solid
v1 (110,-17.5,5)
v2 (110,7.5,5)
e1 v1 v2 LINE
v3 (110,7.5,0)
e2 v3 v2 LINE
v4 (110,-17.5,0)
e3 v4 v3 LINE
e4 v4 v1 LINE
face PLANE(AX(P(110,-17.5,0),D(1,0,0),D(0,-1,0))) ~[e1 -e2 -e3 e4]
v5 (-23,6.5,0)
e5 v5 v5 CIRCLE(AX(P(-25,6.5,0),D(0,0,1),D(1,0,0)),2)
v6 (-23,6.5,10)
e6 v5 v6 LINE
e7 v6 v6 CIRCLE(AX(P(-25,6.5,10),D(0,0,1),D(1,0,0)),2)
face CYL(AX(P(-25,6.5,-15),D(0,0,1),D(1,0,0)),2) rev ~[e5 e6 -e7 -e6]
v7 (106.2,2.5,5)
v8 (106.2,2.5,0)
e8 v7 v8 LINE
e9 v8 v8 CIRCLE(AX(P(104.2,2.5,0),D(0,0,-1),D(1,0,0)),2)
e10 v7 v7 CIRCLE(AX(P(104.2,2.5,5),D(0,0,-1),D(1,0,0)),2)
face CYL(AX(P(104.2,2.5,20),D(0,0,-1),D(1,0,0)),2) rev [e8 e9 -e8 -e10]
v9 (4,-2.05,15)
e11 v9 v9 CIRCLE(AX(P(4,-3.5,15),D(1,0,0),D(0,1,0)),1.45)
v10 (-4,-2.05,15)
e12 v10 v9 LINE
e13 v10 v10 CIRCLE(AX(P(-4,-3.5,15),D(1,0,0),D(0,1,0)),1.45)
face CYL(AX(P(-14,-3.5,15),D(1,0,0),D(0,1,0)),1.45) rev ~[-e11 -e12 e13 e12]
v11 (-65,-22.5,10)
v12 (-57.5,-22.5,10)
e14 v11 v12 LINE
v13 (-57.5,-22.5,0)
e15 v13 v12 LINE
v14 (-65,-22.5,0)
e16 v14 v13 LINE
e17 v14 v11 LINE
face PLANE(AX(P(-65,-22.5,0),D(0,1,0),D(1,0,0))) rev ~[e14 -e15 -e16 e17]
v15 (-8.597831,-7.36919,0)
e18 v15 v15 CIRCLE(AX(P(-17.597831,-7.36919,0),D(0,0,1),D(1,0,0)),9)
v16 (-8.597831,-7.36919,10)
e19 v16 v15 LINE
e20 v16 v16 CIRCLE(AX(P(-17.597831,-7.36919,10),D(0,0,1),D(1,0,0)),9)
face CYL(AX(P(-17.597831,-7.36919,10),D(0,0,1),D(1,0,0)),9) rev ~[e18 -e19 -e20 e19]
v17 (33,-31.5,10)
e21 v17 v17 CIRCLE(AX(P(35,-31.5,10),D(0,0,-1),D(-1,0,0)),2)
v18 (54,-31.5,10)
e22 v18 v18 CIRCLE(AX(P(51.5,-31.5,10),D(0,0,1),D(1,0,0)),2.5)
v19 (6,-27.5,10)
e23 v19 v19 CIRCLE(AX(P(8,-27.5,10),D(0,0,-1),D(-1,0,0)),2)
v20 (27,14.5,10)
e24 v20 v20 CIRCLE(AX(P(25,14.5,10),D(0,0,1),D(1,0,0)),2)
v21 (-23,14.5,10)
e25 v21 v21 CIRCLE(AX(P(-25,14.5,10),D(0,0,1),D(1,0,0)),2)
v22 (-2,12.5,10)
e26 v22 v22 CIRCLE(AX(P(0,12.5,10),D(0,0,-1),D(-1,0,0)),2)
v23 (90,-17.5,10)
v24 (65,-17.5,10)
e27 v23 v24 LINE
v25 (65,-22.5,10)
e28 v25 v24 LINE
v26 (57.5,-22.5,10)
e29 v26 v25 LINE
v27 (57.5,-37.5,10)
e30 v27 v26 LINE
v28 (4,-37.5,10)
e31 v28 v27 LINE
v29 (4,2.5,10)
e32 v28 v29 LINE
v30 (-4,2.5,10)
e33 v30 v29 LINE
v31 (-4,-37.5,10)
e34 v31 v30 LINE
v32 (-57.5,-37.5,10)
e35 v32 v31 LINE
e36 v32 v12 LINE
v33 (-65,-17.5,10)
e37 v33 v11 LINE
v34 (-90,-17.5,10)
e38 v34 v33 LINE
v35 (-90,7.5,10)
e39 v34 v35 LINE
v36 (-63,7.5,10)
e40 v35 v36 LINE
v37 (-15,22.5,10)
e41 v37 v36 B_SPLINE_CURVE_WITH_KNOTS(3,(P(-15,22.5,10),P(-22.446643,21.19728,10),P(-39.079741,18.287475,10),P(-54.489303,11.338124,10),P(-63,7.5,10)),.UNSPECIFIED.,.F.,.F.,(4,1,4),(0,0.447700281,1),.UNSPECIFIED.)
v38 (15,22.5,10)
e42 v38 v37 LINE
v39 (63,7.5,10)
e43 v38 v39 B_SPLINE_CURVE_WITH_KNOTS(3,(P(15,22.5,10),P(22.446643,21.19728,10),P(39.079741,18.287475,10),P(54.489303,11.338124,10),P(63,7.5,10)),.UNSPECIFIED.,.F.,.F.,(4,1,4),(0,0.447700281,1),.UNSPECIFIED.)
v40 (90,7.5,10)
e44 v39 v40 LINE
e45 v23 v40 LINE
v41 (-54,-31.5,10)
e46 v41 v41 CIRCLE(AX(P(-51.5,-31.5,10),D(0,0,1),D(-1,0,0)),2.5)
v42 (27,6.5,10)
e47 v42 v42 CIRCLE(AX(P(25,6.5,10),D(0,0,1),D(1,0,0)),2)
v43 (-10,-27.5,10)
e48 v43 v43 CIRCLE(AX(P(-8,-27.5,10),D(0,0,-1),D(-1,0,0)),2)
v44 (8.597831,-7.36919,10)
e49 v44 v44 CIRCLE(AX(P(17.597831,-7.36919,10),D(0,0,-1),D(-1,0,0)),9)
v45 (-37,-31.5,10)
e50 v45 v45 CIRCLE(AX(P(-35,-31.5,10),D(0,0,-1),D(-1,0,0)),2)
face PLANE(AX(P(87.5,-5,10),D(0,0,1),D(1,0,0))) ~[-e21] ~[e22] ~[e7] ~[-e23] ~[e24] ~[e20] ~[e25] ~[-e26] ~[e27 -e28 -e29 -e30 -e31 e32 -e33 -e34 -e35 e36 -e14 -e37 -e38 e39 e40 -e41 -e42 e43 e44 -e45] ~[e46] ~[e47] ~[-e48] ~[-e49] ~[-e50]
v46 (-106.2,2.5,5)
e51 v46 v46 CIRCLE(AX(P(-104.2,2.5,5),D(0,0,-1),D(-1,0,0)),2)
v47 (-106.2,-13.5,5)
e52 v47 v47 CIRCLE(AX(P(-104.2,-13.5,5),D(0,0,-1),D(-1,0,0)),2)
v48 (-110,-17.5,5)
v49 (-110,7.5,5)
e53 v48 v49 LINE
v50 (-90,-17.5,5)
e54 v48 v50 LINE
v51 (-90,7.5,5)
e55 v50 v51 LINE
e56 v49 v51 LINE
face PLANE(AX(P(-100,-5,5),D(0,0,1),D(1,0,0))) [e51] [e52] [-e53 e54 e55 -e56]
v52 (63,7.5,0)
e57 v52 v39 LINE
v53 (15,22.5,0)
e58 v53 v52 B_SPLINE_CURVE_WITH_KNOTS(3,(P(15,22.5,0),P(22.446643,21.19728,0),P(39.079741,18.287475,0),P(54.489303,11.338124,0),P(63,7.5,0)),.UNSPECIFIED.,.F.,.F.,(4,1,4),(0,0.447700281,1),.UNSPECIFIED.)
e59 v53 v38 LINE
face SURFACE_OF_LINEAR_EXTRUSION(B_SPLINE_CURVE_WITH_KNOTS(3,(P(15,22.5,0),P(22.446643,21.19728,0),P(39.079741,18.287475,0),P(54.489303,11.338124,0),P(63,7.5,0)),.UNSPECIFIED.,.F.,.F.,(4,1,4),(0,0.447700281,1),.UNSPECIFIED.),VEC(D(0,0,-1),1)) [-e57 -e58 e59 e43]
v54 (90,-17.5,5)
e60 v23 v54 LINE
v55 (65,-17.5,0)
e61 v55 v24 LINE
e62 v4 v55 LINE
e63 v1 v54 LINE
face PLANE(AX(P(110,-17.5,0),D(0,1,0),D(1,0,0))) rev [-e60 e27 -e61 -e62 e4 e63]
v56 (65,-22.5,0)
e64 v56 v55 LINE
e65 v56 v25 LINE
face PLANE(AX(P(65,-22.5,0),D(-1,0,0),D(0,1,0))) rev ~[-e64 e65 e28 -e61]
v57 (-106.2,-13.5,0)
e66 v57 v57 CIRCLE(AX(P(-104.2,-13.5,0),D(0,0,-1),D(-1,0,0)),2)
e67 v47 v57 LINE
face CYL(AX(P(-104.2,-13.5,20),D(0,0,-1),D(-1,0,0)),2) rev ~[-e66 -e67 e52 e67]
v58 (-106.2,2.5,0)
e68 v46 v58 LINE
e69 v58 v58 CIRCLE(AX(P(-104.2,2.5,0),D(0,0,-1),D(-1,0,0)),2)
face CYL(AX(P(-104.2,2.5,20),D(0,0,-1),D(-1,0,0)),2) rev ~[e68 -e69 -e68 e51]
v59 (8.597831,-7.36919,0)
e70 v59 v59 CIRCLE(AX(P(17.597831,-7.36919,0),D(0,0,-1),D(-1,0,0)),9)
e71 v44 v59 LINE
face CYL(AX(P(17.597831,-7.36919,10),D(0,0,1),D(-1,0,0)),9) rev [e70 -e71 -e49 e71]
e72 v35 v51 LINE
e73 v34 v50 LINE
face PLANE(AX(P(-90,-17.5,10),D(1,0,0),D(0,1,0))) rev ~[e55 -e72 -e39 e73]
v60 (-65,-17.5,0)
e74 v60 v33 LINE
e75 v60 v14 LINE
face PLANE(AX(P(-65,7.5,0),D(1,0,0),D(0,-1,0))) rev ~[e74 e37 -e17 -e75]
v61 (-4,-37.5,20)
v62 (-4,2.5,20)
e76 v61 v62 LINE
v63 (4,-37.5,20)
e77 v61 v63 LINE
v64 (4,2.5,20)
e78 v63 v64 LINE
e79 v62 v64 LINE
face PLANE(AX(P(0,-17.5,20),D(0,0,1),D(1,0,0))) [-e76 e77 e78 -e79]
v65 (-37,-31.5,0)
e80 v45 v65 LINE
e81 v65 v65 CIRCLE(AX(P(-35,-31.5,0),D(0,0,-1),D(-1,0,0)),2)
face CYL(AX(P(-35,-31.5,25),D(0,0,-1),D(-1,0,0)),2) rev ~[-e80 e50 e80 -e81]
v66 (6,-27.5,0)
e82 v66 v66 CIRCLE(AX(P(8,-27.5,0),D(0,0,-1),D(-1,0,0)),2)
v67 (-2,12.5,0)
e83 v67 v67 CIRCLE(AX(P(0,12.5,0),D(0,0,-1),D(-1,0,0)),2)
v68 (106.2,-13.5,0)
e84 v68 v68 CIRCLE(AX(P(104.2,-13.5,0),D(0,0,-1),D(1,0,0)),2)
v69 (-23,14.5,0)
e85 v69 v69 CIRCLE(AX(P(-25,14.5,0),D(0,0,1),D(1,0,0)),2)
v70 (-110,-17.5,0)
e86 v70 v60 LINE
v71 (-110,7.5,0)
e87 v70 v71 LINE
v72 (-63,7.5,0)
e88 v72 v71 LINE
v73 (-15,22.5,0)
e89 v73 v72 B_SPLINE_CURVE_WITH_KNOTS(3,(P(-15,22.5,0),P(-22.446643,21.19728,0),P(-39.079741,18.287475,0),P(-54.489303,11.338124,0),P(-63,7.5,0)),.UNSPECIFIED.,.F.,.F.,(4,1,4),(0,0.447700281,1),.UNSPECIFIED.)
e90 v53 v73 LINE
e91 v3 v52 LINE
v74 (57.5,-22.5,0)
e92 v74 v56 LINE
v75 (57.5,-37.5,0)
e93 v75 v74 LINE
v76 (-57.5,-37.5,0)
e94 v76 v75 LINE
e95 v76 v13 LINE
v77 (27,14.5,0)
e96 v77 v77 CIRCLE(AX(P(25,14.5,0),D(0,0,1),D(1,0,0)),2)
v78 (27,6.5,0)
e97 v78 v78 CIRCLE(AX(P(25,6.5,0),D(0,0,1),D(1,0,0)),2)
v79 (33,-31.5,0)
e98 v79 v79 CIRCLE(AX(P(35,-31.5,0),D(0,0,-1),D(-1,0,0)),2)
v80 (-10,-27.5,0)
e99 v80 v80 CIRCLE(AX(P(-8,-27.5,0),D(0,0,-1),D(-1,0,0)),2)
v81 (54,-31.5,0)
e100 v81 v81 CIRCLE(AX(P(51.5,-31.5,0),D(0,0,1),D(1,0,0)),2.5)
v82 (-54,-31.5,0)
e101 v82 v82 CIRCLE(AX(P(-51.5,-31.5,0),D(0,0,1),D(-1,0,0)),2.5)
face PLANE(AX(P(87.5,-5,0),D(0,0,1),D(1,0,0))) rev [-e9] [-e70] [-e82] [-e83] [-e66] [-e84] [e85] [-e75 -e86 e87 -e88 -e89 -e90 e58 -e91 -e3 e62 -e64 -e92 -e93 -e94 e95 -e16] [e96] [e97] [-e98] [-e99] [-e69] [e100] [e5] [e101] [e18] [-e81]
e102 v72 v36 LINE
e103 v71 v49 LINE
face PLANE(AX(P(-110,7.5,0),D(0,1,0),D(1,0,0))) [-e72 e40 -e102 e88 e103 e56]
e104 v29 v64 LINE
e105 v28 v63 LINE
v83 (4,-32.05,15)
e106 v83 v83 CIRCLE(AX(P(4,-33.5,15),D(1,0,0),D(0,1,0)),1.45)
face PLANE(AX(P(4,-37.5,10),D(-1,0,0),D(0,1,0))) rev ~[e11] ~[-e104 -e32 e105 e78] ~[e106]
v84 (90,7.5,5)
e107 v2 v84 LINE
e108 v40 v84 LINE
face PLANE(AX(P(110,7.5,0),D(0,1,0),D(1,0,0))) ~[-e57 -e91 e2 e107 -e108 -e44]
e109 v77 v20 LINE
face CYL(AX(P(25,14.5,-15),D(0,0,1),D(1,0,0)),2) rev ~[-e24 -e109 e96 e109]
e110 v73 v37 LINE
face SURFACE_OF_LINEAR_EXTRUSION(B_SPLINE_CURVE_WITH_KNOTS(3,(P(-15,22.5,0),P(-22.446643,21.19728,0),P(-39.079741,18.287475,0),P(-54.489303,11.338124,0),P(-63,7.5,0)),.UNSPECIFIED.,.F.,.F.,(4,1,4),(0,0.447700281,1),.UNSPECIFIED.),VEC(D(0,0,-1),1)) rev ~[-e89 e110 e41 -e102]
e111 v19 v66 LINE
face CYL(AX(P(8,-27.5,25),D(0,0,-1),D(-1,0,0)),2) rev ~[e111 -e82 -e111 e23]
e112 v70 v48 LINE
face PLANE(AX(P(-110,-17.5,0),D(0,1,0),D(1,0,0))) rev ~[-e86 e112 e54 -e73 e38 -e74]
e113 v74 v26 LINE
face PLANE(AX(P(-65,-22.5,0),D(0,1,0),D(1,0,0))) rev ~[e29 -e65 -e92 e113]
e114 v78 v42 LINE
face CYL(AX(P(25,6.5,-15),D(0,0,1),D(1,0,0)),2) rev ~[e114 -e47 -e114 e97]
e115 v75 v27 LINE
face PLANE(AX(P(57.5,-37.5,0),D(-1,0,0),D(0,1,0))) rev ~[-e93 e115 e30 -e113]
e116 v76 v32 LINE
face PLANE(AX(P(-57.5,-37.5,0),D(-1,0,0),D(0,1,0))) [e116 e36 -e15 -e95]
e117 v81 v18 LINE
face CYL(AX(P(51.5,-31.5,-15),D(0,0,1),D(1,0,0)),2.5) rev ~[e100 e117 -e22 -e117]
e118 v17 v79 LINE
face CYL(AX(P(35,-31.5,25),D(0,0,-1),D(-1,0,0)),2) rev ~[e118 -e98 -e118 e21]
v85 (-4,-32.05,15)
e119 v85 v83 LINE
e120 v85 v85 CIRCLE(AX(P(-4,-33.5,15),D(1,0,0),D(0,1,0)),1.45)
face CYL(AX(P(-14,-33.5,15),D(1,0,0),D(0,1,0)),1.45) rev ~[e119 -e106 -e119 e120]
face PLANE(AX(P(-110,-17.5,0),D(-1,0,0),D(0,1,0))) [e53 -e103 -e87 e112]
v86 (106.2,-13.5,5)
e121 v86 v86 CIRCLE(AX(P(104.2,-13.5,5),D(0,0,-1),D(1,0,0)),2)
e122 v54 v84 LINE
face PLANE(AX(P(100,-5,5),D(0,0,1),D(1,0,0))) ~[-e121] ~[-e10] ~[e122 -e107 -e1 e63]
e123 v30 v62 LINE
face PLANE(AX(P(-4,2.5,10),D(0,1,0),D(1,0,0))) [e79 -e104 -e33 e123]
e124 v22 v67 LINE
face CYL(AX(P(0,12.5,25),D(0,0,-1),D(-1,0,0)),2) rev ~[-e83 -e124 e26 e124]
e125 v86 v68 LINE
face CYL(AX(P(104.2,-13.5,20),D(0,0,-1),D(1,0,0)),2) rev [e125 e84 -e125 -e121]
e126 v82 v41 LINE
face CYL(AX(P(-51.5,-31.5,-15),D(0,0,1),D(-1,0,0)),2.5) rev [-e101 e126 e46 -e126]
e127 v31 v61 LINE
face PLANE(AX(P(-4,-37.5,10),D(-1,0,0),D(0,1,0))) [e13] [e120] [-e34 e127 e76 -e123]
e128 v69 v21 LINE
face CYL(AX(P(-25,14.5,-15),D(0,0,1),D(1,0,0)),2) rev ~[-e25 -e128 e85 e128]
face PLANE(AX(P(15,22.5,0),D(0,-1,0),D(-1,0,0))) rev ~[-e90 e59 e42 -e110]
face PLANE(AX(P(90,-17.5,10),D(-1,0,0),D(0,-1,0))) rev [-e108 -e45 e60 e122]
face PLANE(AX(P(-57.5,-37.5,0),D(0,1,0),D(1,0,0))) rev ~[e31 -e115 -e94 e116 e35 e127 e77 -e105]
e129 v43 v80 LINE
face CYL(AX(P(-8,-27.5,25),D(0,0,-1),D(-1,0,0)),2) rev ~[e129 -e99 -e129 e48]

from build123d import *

# Parameters (mm, degrees)
EXTRUDE1_DEPTH                 = 10
SKETCH2_W                      = 115
SKETCH2_H                      = 15
EXTRUDE2_DEPTH                 = 10
F_4_0_4_DIAMETER_HOLE1_D       = 4
F_4_0_4_DIAMETER_HOLE1_DEPTH   = 15
SKETCH4_W                      = 8
SKETCH4_H                      = 40
EXTRUDE3_DEPTH                 = 10
F_4_0_4_DIAMETER_HOLE3_D       = 4
F_4_0_4_DIAMETER_HOLE3_DEPTH   = 15
F_5_0_5_DIAMETER_HOLE1_D       = 5
F_5_0_5_DIAMETER_HOLE1_DEPTH   = 15
F_4_0_4_DIAMETER_HOLE5_D       = 4
F_4_0_4_DIAMETER_HOLE5_DEPTH   = 15
F_2_9_2_9_DIAMETER_HOLE1_D     = 2.9
F_2_9_2_9_DIAMETER_HOLE1_DEPTH = 10
SKETCH11_R                     = 9
EXTRUDE5_DEPTH                 = 10
SKETCH12_W                     = 45
SKETCH12_H                     = 25
EXTRUDE6_DEPTH                 = 10
SKETCH14_W                     = 20
SKETCH14_H                     = 25
EXTRUDE8_DEPTH                 = 5
F_4_0_4_DIAMETER_HOLE6_D       = 4
F_4_0_4_DIAMETER_HOLE6_DEPTH   = 15


with BuildPart() as part:
    # Sketch1 → Extrude1 (new body)
    with BuildSketch(Plane.XY):
        with BuildLine():
            Line((-65, -22.5), (65, -22.5))
            Line((65, -22.5), (65, 7.5))
            Line((65, 7.5), (63, 7.5))
            add(Edge.make_bspline(
                [(15, 22.5), (22.446642829, 21.197279562), (39.079741244, 18.287474734), (54.489303237, 11.338124296), (63, 7.5)],
                knots=[0, 0, 0, 0, 0.447700281, 1, 1, 1, 1], degree=3))
            Line((15, 22.5), (-15, 22.5))
            add(Edge.make_bspline(
                [(-15, 22.5), (-22.446642829, 21.197279562), (-39.079741244, 18.287474734), (-54.489303237, 11.338124296), (-63, 7.5)],
                knots=[0, 0, 0, 0, 0.447700281, 1, 1, 1, 1], degree=3))
            Line((-63, 7.5), (-65, 7.5))
            Line((-65, 7.5), (-65, -22.5))
        make_face()
    extrude(amount=EXTRUDE1_DEPTH)

    # Sketch2 → Extrude2 (add)
    with BuildSketch(Plane.XY):
        with Locations((0, -30)):
            Rectangle(SKETCH2_W, SKETCH2_H)
    extrude(amount=EXTRUDE2_DEPTH)

    # Ø4.0 (4) Diameter Hole1
    with Locations(Plane(origin=(-35, -31.5, 10), x_dir=(1, 0, 0), z_dir=(0, 0, 1))):
        with Locations((0, 0), (70, 0)):
            Hole(F_4_0_4_DIAMETER_HOLE1_D / 2, depth=F_4_0_4_DIAMETER_HOLE1_DEPTH)

    # Sketch4 → Extrude3 (add)
    with BuildSketch(Plane.XY.offset(10)):
        with Locations((0, -17.5)):
            Rectangle(SKETCH4_W, SKETCH4_H)
    extrude(amount=EXTRUDE3_DEPTH)

    # Ø4.0 (4) Diameter Hole3
    with Locations(Plane(origin=(25, 14.5, 0), x_dir=(-1, 0, 0), z_dir=(0, 0, -1))):
        with Locations((0, 0), (50, 0), (0, -8), (50, -8)):
            Hole(F_4_0_4_DIAMETER_HOLE3_D / 2, depth=F_4_0_4_DIAMETER_HOLE3_DEPTH)

    # Ø5.0 (5) Diameter Hole1
    with Locations(Plane(origin=(51.5, -31.5, 0), x_dir=(-1, 0, 0), z_dir=(0, 0, -1))):
        with Locations((0, 0)):
            f_5_0_5_diameter_hole1 = Hole(F_5_0_5_DIAMETER_HOLE1_D / 2, depth=F_5_0_5_DIAMETER_HOLE1_DEPTH)

    # Ø4.0 (4) Diameter Hole5
    with Locations(Plane(origin=(-8, -27.5, 10), x_dir=(1, 0, 0), z_dir=(0, 0, 1))):
        with Locations((0, 0), (16, 0), (8, 40)):
            Hole(F_4_0_4_DIAMETER_HOLE5_D / 2, depth=F_4_0_4_DIAMETER_HOLE5_DEPTH)

    # Mirror2: Ø5.0 (5) Diameter Hole1 across plane
    add(f_5_0_5_diameter_hole1.mirror(Plane(origin=(0, 0, 0), x_dir=(0, 0, 1), z_dir=(1, 0, 0))), mode=Mode.SUBTRACT)

    # Ø2.9 (2.9) Diameter Hole1
    with Locations(Plane(origin=(-4, -3.5, 15), x_dir=(0, -1, 0), z_dir=(-1, 0, 0))):
        with Locations((0, 0), (30, 0)):
            Hole(F_2_9_2_9_DIAMETER_HOLE1_D / 2, depth=F_2_9_2_9_DIAMETER_HOLE1_DEPTH)

    # Sketch11 → Extrude5 (cut)
    with BuildSketch(Plane.XY.offset(10)):
        with Locations((-17.597830753, -7.369190246)):
            Circle(SKETCH11_R)
    extrude5 = extrude(amount=-EXTRUDE5_DEPTH, mode=Mode.SUBTRACT)

    # Mirror3: Extrude5 across plane
    add(extrude5.mirror(Plane(origin=(0, 0, 0), x_dir=(0, 0, 1), z_dir=(1, 0, 0))), mode=Mode.SUBTRACT)

    # Sketch12 → Extrude6 (add)
    with BuildSketch(Plane.XY):
        with Locations((-87.5, -5)):
            Rectangle(SKETCH12_W, SKETCH12_H)
    extrude6 = extrude(amount=EXTRUDE6_DEPTH)

    # Sketch14 → Extrude8 (cut)
    with BuildSketch(Plane.XY.offset(10)):
        with Locations((-100, -5)):
            Rectangle(SKETCH14_W, SKETCH14_H)
    extrude8 = extrude(amount=-EXTRUDE8_DEPTH, mode=Mode.SUBTRACT)

    # Ø4.0 (4) Diameter Hole6
    with Locations(Plane(origin=(-104.2, 2.5, 5), x_dir=(1, 0, 0), z_dir=(0, 0, 1))):
        with Locations((0, 0), (0, -16)):
            f_4_0_4_diameter_hole6 = Hole(F_4_0_4_DIAMETER_HOLE6_D / 2, depth=F_4_0_4_DIAMETER_HOLE6_DEPTH)

    # Mirror5: Extrude6, Extrude8, Ø4.0 (4) Diameter Hole6 across plane
    add(extrude6.mirror(Plane(origin=(0, 0, 0), x_dir=(0, 0, 1), z_dir=(1, 0, 0))))
    add(extrude8.mirror(Plane(origin=(0, 0, 0), x_dir=(0, 0, 1), z_dir=(1, 0, 0))), mode=Mode.SUBTRACT)
    add(f_4_0_4_diameter_hole6.mirror(Plane(origin=(0, 0, 0), x_dir=(0, 0, 1), z_dir=(1, 0, 0))), mode=Mode.SUBTRACT)


solid = part.part
